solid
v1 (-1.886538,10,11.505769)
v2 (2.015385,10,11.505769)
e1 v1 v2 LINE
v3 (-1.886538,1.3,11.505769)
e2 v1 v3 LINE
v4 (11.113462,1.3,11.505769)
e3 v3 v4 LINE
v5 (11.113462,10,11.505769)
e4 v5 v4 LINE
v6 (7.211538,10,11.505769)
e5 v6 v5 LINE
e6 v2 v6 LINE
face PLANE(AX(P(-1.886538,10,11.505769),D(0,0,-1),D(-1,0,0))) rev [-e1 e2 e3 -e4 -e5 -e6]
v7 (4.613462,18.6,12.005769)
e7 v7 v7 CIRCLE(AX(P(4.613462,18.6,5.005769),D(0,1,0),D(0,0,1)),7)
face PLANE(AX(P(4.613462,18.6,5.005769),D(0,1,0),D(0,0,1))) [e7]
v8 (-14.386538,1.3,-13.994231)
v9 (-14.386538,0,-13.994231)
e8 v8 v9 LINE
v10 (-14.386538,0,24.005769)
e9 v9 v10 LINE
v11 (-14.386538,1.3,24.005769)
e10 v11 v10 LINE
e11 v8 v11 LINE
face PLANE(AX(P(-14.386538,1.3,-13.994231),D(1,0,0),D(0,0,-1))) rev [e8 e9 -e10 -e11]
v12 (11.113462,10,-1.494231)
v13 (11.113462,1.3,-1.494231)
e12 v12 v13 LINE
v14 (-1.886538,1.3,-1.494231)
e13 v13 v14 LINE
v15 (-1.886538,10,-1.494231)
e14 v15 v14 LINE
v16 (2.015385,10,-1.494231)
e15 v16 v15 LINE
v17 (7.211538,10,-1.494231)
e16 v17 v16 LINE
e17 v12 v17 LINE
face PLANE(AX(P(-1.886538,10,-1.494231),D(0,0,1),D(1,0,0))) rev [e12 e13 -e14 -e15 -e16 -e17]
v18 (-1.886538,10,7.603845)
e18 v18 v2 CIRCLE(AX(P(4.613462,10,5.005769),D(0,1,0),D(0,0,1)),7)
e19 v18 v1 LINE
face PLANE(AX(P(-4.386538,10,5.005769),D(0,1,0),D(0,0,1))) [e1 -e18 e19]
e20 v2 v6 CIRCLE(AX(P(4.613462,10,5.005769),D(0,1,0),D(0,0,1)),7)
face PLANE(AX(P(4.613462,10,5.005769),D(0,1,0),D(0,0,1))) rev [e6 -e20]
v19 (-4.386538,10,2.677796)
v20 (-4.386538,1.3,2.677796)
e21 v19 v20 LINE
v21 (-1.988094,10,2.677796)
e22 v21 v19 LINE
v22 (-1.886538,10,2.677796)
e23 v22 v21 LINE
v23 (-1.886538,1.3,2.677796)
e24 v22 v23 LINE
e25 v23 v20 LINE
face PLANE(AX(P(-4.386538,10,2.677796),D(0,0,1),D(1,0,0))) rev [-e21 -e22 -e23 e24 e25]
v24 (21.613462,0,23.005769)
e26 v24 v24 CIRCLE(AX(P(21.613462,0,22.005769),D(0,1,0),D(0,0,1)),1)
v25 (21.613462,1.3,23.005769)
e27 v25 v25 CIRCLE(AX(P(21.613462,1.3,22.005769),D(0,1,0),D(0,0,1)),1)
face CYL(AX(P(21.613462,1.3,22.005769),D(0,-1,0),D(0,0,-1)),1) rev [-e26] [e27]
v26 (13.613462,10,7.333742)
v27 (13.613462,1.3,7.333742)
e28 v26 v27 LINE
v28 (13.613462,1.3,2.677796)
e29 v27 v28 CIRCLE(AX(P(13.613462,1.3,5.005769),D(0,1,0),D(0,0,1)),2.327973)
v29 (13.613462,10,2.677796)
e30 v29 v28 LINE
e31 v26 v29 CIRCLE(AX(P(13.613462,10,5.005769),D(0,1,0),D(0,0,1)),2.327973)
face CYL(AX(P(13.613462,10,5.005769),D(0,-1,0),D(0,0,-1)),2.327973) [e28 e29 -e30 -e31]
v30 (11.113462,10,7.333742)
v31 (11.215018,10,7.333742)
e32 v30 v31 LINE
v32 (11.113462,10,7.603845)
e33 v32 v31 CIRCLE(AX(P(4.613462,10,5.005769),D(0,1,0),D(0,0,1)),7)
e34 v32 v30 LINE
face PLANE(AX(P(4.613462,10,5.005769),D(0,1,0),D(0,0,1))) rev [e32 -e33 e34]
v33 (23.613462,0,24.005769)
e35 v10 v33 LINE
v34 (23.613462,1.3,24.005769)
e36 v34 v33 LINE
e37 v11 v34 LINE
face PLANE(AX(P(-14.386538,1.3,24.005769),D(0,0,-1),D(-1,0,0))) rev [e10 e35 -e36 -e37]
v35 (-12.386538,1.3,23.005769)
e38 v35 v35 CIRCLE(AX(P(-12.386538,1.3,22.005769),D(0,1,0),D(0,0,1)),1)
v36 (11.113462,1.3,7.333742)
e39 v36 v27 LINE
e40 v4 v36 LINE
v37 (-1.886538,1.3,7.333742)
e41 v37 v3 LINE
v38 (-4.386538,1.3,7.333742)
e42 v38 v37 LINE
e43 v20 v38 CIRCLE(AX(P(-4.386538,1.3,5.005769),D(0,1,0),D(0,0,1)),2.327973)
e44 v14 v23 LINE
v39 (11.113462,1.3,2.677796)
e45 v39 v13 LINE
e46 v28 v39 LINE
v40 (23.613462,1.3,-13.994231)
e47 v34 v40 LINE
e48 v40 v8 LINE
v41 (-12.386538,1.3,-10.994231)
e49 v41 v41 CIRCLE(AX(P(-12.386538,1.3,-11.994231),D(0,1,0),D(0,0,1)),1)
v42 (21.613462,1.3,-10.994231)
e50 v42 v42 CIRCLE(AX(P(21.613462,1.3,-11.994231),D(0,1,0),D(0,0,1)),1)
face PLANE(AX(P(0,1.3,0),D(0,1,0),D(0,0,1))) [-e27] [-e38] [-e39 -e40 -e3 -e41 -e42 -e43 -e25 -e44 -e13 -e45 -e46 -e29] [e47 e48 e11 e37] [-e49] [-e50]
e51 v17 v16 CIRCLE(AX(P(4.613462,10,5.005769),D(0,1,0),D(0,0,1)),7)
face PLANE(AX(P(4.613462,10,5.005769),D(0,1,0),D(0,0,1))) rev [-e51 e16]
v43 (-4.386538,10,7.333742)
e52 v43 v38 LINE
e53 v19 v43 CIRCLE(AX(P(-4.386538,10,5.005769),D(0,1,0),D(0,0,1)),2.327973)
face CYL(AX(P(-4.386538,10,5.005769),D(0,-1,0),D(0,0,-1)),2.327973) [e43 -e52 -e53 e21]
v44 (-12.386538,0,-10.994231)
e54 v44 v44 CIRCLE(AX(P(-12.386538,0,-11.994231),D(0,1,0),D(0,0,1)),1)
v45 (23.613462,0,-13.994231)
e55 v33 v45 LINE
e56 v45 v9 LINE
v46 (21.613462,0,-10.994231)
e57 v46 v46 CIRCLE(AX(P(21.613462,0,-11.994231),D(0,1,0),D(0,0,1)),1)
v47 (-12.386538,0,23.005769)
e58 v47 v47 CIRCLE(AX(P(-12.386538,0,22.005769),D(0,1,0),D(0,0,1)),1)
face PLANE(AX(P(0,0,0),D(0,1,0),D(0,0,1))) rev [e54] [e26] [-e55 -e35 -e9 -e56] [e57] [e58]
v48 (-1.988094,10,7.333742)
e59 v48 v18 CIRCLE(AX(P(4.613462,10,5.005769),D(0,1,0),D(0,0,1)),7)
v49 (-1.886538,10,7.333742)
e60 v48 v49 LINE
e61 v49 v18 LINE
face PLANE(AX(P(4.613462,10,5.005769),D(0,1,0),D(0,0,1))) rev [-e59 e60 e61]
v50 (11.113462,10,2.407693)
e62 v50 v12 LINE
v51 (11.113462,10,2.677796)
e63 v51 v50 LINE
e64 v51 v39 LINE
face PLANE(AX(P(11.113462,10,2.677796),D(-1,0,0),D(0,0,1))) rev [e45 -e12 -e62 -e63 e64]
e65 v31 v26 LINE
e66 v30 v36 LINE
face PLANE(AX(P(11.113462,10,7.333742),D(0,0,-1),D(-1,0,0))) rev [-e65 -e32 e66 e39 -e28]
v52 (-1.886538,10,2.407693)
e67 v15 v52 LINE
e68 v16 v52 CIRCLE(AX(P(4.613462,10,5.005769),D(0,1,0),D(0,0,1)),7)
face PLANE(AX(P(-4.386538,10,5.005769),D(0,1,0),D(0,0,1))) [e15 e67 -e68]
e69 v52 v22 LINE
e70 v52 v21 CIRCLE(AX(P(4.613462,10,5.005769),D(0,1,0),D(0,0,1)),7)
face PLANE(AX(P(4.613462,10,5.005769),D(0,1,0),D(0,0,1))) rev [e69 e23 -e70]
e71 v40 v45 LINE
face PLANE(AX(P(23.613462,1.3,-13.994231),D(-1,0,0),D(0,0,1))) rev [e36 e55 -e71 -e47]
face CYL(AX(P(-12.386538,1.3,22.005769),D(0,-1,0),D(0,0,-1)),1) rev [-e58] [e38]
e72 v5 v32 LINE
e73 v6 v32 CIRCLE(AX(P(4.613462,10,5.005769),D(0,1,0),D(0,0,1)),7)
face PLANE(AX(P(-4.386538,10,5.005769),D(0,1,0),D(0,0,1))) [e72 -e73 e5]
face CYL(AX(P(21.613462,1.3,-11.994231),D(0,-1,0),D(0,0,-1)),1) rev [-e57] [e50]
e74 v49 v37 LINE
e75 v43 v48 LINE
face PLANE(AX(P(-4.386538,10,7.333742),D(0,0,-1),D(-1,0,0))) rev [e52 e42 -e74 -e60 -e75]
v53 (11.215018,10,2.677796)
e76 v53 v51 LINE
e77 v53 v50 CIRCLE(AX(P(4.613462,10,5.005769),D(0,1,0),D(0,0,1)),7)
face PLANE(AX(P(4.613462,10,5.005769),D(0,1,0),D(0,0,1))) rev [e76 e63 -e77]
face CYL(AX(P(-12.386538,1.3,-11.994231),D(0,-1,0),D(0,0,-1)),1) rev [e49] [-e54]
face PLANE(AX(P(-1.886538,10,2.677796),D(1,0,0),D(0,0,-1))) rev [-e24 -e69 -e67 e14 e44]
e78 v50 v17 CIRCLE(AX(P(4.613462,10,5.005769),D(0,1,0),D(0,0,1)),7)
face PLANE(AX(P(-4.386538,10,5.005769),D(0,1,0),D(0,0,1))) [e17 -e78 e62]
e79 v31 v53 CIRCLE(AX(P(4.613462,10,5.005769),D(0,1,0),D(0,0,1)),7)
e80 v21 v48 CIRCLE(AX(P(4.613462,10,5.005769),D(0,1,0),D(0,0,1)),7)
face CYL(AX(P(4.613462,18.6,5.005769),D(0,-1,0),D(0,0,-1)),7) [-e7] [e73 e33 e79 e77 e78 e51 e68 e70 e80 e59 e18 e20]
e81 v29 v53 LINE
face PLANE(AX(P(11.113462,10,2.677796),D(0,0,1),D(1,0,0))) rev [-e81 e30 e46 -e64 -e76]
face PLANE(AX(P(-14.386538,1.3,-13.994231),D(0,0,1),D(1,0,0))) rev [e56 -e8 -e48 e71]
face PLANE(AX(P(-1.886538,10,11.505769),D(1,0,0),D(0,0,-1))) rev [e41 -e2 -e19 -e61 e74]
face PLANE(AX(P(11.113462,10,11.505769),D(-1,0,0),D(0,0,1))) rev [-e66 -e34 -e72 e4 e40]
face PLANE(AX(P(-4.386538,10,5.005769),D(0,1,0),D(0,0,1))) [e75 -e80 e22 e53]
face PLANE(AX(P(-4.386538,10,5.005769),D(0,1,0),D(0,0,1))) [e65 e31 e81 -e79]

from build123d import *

# Parameters (mm, degrees)
SKETCH1_W           = 38
SKETCH1_H           = 38
SKETCH1_R           = 1
BOSS_EXTRUDE1_DEPTH = 1.3
BOSS_EXTRUDE2_DEPTH = 8.7
SKETCH3_R           = 7
BOSS_EXTRUDE3_DEPTH = 8.6


with BuildPart() as part:
    # Sketch1 → Boss-Extrude1 (new body)
    with BuildSketch(Plane(origin=(0, 0, 0), x_dir=(1, 0, 0), z_dir=(0, 1, 0))):
        with Locations((4.613461538, -5.005769231)):
            Rectangle(SKETCH1_W, SKETCH1_H)
        with Locations((-12.386538462, 11.994230769)):
            Circle(SKETCH1_R, mode=Mode.SUBTRACT)
        with Locations((21.613461538, 11.994230769)):
            Circle(SKETCH1_R, mode=Mode.SUBTRACT)
        with Locations((21.613461538, -22.005769231)):
            Circle(SKETCH1_R, mode=Mode.SUBTRACT)
        with Locations((-12.386538462, -22.005769231)):
            Circle(SKETCH1_R, mode=Mode.SUBTRACT)
    extrude(amount=BOSS_EXTRUDE1_DEPTH)

    # Sketch2 → Boss-Extrude2 (add)
    with BuildSketch(Plane(origin=(0, 1.3, 0), x_dir=(1, 0, 0), z_dir=(0, 1, 0))):
        with BuildLine():
            Line((-1.886538462, -11.505769231), (11.113461538, -11.505769231))
            Line((11.113461538, -11.505769231), (11.113461538, -7.333742244))
            Line((11.113461538, -7.333742244), (13.613461538, -7.333742244))
            ThreePointArc((13.613461538, -7.333742244), (15.941434552, -5.005769231), (13.613461538, -2.677796217))
            Line((13.613461538, -2.677796217), (11.113461538, -2.677796217))
            Line((11.113461538, -2.677796217), (11.113461538, 1.494230769))
            Line((11.113461538, 1.494230769), (-1.886538462, 1.494230769))
            Line((-1.886538462, 1.494230769), (-1.886538462, -2.677796217))
            Line((-1.886538462, -2.677796217), (-4.386538462, -2.677796217))
            ThreePointArc((-4.386538462, -2.677796217), (-6.714511475, -5.005769231), (-4.386538462, -7.333742244))
            Line((-4.386538462, -7.333742244), (-1.886538462, -7.333742244))
            Line((-1.886538462, -7.333742244), (-1.886538462, -11.505769231))
        make_face()
    extrude(amount=BOSS_EXTRUDE2_DEPTH)

    # Sketch3 → Boss-Extrude3 (add)
    with BuildSketch(Plane(origin=(0, 10, 0), x_dir=(1, 0, 0), z_dir=(0, 1, 0))):
        with Locations((4.613461538, -5.005769231)):
            Circle(SKETCH3_R)
    extrude(amount=BOSS_EXTRUDE3_DEPTH)


solid = part.part
